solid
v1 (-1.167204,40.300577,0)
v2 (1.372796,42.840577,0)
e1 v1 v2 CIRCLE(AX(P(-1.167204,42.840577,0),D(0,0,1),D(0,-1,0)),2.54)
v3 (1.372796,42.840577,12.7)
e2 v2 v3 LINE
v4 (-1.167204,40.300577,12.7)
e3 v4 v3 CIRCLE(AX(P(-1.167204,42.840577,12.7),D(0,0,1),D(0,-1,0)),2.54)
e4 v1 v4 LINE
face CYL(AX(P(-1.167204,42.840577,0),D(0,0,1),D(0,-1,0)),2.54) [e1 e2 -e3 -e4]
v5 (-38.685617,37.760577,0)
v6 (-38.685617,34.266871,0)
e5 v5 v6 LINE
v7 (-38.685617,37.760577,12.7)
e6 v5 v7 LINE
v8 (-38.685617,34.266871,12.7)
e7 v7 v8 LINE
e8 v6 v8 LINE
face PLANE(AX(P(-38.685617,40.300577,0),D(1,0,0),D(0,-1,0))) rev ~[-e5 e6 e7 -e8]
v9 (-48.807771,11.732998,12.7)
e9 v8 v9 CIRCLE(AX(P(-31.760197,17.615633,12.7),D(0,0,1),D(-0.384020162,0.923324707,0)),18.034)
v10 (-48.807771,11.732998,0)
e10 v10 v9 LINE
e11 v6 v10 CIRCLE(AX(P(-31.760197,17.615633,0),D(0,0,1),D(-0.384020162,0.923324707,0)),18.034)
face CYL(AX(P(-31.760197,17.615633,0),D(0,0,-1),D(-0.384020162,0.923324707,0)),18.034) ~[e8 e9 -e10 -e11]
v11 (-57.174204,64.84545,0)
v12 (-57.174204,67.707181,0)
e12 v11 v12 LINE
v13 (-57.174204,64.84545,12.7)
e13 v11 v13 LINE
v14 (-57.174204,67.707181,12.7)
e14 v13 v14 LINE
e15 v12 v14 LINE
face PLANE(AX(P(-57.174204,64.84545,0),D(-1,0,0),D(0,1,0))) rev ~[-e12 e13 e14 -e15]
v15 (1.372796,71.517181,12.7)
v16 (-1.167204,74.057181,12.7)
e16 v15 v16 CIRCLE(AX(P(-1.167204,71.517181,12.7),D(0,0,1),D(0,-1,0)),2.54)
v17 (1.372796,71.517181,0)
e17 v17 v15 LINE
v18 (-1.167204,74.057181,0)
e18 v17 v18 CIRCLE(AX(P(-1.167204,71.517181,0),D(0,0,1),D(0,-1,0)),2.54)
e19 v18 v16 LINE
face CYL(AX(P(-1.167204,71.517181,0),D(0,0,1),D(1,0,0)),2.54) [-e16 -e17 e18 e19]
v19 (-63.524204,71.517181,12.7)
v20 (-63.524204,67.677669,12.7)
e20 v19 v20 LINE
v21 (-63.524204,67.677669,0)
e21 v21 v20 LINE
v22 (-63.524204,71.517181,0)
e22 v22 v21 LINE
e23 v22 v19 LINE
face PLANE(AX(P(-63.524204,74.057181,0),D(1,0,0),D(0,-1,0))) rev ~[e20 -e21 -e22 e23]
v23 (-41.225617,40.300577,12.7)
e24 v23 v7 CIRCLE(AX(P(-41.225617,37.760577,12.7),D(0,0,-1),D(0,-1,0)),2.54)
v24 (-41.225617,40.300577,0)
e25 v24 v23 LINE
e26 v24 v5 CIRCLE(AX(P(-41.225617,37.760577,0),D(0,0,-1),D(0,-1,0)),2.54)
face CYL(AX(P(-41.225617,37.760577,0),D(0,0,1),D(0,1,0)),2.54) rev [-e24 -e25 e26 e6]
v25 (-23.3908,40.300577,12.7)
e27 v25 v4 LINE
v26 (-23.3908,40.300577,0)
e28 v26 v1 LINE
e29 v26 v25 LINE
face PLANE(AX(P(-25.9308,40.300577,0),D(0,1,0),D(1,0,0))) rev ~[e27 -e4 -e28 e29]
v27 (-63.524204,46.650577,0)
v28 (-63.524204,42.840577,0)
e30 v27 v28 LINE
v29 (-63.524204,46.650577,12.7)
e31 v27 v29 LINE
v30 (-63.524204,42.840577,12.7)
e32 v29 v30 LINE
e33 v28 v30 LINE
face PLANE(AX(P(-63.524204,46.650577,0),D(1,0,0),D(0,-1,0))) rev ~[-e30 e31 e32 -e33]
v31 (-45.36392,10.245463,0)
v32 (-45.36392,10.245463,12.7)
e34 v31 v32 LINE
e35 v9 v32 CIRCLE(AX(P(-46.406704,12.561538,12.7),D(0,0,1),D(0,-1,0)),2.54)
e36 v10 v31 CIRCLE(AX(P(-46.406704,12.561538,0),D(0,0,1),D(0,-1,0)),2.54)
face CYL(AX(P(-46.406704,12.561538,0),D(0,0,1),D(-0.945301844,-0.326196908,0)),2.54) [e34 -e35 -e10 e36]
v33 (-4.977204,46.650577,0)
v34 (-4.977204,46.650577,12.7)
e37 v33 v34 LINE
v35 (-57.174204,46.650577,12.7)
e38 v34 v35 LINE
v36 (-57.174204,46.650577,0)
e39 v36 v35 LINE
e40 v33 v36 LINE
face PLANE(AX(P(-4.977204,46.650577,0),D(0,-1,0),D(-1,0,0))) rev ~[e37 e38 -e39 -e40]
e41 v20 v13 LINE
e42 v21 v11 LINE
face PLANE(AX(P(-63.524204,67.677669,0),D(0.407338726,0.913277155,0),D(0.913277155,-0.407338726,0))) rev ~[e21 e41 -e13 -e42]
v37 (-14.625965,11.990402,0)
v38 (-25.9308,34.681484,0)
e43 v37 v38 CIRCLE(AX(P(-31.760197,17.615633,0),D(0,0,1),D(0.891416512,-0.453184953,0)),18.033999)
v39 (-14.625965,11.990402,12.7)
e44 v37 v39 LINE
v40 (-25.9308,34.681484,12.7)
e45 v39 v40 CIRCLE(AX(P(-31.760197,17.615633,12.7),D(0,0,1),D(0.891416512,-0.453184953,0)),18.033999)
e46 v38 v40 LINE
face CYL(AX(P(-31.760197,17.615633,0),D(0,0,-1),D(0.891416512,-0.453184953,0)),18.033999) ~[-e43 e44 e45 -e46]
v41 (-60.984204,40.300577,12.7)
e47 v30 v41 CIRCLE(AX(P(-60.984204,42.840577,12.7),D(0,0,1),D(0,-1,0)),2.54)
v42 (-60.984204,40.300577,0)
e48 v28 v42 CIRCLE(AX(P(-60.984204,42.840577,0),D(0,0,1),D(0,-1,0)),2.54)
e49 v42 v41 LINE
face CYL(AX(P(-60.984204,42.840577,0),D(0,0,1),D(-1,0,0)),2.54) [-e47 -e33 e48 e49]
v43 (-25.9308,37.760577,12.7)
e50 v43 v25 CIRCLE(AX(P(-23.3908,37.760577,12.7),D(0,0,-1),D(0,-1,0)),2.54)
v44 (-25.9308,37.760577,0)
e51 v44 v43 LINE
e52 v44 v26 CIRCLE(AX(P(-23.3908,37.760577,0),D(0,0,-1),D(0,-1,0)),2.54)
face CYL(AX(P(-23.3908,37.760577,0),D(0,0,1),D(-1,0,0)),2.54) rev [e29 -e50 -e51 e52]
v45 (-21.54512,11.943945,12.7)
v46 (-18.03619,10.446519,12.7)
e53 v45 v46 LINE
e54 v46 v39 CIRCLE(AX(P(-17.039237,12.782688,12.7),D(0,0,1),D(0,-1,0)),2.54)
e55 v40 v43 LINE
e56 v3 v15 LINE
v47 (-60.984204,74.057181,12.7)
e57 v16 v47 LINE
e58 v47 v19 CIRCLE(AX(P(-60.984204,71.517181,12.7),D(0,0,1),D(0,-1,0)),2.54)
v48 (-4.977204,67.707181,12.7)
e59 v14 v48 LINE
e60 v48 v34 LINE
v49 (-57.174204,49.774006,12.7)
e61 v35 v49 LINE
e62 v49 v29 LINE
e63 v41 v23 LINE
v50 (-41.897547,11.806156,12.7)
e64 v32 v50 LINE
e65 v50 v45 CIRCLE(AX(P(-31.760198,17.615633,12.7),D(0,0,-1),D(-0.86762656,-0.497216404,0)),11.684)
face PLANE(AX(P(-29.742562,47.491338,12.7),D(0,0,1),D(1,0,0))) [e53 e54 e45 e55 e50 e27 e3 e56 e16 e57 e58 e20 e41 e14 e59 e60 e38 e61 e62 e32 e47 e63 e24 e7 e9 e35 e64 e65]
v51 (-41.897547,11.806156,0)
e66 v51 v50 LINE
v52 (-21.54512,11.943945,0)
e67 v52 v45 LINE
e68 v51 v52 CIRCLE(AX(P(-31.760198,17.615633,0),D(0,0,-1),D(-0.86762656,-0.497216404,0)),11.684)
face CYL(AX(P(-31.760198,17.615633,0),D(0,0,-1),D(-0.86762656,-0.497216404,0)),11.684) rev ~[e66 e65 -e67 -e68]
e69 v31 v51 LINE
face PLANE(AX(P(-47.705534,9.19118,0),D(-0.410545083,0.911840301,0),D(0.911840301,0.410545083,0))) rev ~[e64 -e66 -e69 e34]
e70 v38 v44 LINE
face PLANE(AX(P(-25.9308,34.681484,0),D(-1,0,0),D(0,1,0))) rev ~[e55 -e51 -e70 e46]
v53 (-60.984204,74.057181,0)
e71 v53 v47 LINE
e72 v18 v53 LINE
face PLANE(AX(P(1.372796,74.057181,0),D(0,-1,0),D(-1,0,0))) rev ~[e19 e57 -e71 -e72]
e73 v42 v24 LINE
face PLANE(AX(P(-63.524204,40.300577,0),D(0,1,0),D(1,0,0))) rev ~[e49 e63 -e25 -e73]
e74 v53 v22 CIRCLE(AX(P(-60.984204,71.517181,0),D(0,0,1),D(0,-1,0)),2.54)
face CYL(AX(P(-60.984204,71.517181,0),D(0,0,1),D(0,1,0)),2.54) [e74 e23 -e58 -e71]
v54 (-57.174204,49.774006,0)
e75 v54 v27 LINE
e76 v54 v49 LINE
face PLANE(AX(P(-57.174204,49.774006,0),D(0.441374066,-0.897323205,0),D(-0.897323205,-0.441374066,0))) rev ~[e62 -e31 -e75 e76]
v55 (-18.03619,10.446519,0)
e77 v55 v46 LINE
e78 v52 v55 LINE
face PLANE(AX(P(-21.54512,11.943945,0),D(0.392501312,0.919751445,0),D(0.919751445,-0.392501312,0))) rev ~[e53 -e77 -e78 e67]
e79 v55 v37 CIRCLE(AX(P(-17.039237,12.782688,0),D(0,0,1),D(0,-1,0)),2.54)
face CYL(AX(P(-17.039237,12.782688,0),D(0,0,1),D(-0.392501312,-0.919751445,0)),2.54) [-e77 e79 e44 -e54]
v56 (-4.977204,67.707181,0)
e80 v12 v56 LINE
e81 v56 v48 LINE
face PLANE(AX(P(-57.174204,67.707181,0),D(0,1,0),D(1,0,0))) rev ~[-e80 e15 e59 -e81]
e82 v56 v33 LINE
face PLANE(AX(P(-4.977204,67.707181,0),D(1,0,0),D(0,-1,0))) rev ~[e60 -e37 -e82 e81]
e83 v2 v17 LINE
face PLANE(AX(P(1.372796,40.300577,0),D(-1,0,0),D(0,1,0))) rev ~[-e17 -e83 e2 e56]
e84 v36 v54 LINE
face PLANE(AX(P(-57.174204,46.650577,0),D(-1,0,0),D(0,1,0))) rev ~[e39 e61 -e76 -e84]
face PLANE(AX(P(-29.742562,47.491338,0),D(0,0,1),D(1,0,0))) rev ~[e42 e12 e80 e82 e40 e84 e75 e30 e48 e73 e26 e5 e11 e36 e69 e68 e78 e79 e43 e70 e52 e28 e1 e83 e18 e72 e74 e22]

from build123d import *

# Parameters (mm, degrees)
F1_DEPTH = 12.7
F2_R     = 2.54
F3_R     = 2.54


with BuildPart() as f1:
    # F0 (on Top) → F1 (new body)
    with BuildSketch(Plane.XY):
        with BuildLine():
            Line((-4.977204, 46.650577), (-57.174204, 46.650577))
            Line((-57.174204, 46.650577), (-57.174204, 49.774006))
            Line((-57.174204, 49.774006), (-63.524204, 46.650577))
            Line((-63.524204, 46.650577), (-63.524204, 40.300577))
            Line((-63.524204, 40.300577), (-38.685617, 40.300577))
            Line((-38.685617, 40.300577), (-38.685617, 34.266871))
            ThreePointArc((-38.685617, 34.266871), (-48.729742, 23.719707), (-47.705534, 9.19118))
            Line((-47.705534, 9.19118), (-41.897547, 11.806156))
            ThreePointArc((-41.897547, 11.806156), (-31.839298, 29.299365), (-21.54512, 11.943945))
            Line((-21.54512, 11.943945), (-15.684392, 9.442896))
            ThreePointArc((-15.684392, 9.442896), (-15.050737, 24.39937), (-25.9308, 34.681484))
            Line((-25.9308, 34.681484), (-25.9308, 40.300577))
            Line((-25.9308, 40.300577), (1.372796, 40.300577))
            Line((1.372796, 40.300577), (1.372796, 74.057181))
            Line((1.372796, 74.057181), (-63.524204, 74.057181))
            Line((-63.524204, 74.057181), (-63.524204, 67.677669))
            Line((-63.524204, 67.677669), (-57.174204, 64.84545))
            Line((-57.174204, 64.84545), (-57.174204, 67.707181))
            Line((-57.174204, 67.707181), (-4.977204, 67.707181))
            Line((-4.977204, 67.707181), (-4.977204, 46.650577))
        make_face()
    extrude(amount=F1_DEPTH)

    # F2
    f2_edges = [f1.edges().sort_by_distance(p)[0] for p in [
        (-63.524204, 74.057181, 6.35),
        (-63.524204, 40.300577, 6.35),
        (-38.685617, 40.300577, 6.35),
        (-25.9308, 40.300577, 6.35),
        (1.372796, 40.300577, 6.35),
        (1.372796, 74.057181, 6.35),
    ]]
    fillet(f2_edges, radius=F2_R)

    # F3
    f3_edges = [f1.edges().sort_by_distance(p)[0] for p in [
        (-15.684392, 9.442896, 6.35),
        (-47.705534, 9.19118, 6.35),
    ]]
    fillet(f3_edges, radius=F3_R)


solid = f1.part
